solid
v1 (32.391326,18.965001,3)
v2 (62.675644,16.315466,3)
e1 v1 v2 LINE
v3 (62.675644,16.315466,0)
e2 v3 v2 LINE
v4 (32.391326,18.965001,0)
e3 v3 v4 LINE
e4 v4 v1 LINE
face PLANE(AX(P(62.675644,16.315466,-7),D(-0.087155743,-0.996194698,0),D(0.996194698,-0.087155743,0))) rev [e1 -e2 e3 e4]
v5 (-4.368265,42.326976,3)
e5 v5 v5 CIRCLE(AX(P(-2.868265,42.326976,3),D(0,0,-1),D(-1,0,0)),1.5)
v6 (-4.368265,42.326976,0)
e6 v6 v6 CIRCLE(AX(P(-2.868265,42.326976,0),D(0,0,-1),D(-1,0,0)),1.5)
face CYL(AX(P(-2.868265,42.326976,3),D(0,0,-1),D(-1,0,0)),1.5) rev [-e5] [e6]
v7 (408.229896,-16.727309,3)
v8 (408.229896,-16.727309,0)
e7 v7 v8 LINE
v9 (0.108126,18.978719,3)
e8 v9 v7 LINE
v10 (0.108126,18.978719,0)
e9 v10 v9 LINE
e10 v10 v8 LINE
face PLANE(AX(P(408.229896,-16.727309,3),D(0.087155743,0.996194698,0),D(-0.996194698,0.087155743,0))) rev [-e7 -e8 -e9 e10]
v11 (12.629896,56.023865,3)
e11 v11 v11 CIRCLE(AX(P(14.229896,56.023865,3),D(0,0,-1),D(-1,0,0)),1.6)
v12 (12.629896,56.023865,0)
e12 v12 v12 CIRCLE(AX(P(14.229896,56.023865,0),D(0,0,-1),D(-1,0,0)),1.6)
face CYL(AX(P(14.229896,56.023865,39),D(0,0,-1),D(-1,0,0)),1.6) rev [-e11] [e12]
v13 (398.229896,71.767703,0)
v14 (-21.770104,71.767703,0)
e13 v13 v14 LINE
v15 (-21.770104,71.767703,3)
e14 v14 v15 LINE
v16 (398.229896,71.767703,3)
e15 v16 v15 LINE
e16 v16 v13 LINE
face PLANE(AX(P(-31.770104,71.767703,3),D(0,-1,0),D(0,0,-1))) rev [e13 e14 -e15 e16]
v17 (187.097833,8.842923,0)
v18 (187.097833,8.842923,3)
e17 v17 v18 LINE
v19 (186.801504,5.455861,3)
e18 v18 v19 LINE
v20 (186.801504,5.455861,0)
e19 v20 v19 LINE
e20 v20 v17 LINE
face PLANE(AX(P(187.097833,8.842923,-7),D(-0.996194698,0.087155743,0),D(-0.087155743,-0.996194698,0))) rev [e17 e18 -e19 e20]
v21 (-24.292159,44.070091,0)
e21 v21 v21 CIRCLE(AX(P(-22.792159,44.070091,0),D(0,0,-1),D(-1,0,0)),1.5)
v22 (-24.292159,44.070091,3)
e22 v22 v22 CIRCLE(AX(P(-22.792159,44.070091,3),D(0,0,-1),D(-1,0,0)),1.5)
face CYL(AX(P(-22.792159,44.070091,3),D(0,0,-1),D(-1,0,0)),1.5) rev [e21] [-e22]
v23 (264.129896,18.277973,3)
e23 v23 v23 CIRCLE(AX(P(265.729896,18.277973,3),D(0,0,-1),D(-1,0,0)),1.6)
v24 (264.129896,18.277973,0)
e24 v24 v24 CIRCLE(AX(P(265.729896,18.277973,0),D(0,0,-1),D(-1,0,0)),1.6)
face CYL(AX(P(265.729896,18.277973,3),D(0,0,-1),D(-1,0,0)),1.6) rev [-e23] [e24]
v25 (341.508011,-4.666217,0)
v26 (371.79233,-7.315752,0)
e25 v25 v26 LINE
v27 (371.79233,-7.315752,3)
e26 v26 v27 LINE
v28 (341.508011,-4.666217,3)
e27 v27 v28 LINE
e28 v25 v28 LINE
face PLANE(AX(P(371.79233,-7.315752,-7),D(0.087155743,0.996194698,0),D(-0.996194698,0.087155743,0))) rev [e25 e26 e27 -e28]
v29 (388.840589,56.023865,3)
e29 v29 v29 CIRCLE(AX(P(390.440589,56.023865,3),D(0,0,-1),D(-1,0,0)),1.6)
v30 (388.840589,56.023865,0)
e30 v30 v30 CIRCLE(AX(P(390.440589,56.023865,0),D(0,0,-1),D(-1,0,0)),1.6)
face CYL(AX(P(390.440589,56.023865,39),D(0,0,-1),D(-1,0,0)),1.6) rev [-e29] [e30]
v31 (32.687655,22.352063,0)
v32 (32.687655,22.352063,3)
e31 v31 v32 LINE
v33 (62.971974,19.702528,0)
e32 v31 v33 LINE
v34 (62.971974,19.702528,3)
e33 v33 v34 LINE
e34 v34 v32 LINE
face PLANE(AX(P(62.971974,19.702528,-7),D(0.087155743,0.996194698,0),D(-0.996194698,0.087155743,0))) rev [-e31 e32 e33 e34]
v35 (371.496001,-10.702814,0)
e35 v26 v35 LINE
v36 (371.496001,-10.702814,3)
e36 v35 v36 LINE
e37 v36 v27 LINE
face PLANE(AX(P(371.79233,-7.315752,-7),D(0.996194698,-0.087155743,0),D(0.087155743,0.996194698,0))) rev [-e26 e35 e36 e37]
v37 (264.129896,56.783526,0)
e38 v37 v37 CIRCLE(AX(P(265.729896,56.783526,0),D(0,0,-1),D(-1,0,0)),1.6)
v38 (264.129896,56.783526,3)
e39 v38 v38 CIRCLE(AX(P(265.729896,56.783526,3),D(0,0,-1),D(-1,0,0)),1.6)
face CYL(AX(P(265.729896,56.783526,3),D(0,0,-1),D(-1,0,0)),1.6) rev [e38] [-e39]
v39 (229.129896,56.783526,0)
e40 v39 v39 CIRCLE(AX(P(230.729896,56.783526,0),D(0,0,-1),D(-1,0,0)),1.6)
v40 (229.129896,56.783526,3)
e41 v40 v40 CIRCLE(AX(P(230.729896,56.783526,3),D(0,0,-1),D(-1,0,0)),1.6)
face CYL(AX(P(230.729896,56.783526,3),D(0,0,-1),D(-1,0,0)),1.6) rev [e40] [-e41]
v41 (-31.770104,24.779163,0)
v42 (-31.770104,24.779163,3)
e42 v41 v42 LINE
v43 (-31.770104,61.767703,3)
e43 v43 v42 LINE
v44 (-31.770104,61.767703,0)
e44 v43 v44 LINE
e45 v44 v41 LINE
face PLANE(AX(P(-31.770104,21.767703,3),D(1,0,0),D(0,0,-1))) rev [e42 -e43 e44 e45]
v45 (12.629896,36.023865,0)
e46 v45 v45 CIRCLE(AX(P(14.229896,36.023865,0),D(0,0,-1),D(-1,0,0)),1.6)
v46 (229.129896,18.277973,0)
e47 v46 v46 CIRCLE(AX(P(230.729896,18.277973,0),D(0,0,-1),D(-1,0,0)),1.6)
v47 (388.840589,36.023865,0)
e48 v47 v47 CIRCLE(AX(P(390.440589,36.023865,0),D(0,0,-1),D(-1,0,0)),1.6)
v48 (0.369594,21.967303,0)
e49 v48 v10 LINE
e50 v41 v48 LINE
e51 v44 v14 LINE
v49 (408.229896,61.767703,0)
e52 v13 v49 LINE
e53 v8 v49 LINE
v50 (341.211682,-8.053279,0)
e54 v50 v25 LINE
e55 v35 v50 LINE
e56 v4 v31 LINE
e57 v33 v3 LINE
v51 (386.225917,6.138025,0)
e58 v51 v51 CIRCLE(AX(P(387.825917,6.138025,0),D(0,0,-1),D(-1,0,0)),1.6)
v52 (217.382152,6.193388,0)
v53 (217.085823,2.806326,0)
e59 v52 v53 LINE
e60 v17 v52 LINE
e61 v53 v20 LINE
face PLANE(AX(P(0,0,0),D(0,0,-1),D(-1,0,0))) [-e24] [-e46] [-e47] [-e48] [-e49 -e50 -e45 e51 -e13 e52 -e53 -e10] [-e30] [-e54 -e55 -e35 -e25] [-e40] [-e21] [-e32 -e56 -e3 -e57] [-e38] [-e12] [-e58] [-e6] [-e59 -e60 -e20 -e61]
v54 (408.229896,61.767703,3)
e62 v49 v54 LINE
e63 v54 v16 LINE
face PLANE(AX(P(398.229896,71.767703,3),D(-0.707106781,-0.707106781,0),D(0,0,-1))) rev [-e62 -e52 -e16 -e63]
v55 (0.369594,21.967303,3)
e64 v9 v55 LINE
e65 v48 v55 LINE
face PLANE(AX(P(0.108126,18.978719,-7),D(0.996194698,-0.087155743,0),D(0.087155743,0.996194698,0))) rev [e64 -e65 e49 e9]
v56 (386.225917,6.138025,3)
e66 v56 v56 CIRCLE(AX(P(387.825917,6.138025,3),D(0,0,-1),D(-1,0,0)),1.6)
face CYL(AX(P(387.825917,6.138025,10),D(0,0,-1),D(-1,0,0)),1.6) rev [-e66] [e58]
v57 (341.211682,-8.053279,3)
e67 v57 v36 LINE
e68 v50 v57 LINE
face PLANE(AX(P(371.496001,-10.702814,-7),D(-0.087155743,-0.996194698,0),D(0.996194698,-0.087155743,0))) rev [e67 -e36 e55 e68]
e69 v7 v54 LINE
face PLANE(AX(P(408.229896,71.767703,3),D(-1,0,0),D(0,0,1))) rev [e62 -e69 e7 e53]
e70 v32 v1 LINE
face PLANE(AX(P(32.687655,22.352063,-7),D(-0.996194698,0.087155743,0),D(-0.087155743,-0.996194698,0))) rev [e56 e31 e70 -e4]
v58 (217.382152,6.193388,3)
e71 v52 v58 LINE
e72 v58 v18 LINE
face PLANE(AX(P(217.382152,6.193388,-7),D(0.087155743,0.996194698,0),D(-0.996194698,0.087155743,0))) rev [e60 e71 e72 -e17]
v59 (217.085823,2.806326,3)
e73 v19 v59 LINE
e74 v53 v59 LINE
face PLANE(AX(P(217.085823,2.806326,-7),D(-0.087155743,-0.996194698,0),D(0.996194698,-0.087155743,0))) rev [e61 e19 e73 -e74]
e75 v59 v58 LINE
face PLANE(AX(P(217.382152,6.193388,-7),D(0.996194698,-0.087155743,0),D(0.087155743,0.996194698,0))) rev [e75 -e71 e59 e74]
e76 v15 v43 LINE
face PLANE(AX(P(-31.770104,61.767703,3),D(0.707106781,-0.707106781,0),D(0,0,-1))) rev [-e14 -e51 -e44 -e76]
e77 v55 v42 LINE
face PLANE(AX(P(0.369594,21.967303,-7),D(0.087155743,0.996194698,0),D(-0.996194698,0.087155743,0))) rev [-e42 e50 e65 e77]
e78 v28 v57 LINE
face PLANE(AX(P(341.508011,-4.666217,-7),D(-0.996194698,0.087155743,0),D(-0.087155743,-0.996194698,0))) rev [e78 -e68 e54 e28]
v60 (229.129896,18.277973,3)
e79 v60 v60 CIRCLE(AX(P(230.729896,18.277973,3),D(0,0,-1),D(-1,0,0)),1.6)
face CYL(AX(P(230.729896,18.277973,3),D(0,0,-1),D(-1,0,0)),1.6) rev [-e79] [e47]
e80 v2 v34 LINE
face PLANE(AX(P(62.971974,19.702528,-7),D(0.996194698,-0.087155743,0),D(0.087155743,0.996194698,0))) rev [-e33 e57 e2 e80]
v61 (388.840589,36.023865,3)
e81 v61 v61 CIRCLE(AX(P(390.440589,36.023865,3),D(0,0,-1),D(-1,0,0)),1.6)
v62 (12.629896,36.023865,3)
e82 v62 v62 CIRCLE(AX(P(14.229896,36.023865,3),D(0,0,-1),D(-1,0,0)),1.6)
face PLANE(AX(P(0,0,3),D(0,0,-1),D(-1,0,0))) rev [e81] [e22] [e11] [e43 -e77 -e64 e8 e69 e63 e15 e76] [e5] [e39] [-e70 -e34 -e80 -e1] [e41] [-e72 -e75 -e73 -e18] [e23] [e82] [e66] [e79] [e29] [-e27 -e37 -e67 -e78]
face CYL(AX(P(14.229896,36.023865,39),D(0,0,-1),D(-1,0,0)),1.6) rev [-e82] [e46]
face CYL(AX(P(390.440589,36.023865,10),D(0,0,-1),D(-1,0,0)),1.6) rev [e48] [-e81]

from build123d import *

# Parameters (mm, degrees)
EXTRUDE_1_DEPTH     = 3
CUT_EXTRUDE_2_DEPTH = 10
SKETCH1_R           = 1.5
SKETCH1_R_2         = 1.6
CUT_EXTRUDE2_DEPTH  = 3
CHAMFER1_SIZE       = 10
SKETCH2_R           = 1.6
CUT_EXTRUDE3_DEPTH  = 10
SKETCH3_R           = 1.6
CUT_EXTRUDE4_DEPTH  = 39


with BuildPart() as part:
    # 草图1 → 凸台-拉伸1 (new body)
    with BuildSketch(Plane.XY):
        Polygon((-31.770103996, 71.767703031), (408.229896004, 71.767703031), (408.229896004, -16.727308921), (-31.770103996, 21.767703031), align=None)
    extrude(amount=EXTRUDE_1_DEPTH)

    # 草图3 → 切除-拉伸2 (cut)
    with BuildSketch(Plane.XY.offset(3)):
        Polygon((0.108126343, 18.978719263), (0.369593572, 21.967303357), (-31.770103996, 24.779162543), (-31.770103996, 21.767703031), align=None)
        Polygon((371.792330274, -7.315752), (371.496000749, -10.702813974), (341.211681927, -8.053279394), (341.508011452, -4.666217421), align=None)
        Polygon((217.38215207, 6.193388126), (217.085822544, 2.806326152), (186.801503722, 5.455860732), (187.097833248, 8.842922705), align=None)
        Polygon((62.971973866, 19.702528252), (62.67564434, 16.315466278), (32.391325518, 18.965000858), (32.687655044, 22.352062831), align=None)
    extrude(amount=-CUT_EXTRUDE_2_DEPTH, mode=Mode.SUBTRACT)

    # Sketch1 → Cut-Extrude2 (cut)
    with BuildSketch(Plane(origin=(0, 0, 0), x_dir=(-1, 0, 0), z_dir=(0, 0, -1))):
        with Locations((22.792159026, 44.070090887)):
            Circle(SKETCH1_R)
        with Locations((2.868265064, 42.326976033)):
            Circle(SKETCH1_R)
        with Locations((-230.729896004, 56.783526399)):
            Circle(SKETCH1_R_2)
        with Locations((-230.729896004, 18.2779729)):
            Circle(SKETCH1_R_2)
        with Locations((-265.729896004, 18.2779729)):
            Circle(SKETCH1_R_2)
        with Locations((-265.729896004, 56.783526399)):
            Circle(SKETCH1_R_2)
    extrude(amount=-CUT_EXTRUDE2_DEPTH, mode=Mode.SUBTRACT)

    # Chamfer1
    chamfer1_edges = [part.edges().sort_by_distance(p)[0] for p in [
        (-31.770103996, 71.767703031, 1.5),
        (408.229896004, 71.767703031, 1.5),
    ]]
    chamfer(chamfer1_edges, length=CHAMFER1_SIZE)

    # Sketch2 → Cut-Extrude3 (cut)
    with BuildSketch(Plane(origin=(0, 0, 0), x_dir=(-1, 0, 0), z_dir=(0, 0, -1))):
        with Locations((-390.440589081, 36.023865482)):
            Circle(SKETCH2_R)
        with Locations((-387.825916798, 6.138024539)):
            Circle(SKETCH2_R)
    extrude(amount=-CUT_EXTRUDE3_DEPTH, mode=Mode.SUBTRACT)

    # Sketch3 → Cut-Extrude4 (cut)
    with BuildSketch(Plane(origin=(0, 0, 0), x_dir=(-1, 0, 0), z_dir=(0, 0, -1))):
        with Locations((-390.440589081, 56.023865482)):
            Circle(SKETCH3_R)
        with Locations((-14.229896004, 36.023865482)):
            Circle(SKETCH3_R)
        with Locations((-14.229896004, 56.023865482)):
            Circle(SKETCH3_R)
    extrude(amount=-CUT_EXTRUDE4_DEPTH, mode=Mode.SUBTRACT)


solid = part.part
